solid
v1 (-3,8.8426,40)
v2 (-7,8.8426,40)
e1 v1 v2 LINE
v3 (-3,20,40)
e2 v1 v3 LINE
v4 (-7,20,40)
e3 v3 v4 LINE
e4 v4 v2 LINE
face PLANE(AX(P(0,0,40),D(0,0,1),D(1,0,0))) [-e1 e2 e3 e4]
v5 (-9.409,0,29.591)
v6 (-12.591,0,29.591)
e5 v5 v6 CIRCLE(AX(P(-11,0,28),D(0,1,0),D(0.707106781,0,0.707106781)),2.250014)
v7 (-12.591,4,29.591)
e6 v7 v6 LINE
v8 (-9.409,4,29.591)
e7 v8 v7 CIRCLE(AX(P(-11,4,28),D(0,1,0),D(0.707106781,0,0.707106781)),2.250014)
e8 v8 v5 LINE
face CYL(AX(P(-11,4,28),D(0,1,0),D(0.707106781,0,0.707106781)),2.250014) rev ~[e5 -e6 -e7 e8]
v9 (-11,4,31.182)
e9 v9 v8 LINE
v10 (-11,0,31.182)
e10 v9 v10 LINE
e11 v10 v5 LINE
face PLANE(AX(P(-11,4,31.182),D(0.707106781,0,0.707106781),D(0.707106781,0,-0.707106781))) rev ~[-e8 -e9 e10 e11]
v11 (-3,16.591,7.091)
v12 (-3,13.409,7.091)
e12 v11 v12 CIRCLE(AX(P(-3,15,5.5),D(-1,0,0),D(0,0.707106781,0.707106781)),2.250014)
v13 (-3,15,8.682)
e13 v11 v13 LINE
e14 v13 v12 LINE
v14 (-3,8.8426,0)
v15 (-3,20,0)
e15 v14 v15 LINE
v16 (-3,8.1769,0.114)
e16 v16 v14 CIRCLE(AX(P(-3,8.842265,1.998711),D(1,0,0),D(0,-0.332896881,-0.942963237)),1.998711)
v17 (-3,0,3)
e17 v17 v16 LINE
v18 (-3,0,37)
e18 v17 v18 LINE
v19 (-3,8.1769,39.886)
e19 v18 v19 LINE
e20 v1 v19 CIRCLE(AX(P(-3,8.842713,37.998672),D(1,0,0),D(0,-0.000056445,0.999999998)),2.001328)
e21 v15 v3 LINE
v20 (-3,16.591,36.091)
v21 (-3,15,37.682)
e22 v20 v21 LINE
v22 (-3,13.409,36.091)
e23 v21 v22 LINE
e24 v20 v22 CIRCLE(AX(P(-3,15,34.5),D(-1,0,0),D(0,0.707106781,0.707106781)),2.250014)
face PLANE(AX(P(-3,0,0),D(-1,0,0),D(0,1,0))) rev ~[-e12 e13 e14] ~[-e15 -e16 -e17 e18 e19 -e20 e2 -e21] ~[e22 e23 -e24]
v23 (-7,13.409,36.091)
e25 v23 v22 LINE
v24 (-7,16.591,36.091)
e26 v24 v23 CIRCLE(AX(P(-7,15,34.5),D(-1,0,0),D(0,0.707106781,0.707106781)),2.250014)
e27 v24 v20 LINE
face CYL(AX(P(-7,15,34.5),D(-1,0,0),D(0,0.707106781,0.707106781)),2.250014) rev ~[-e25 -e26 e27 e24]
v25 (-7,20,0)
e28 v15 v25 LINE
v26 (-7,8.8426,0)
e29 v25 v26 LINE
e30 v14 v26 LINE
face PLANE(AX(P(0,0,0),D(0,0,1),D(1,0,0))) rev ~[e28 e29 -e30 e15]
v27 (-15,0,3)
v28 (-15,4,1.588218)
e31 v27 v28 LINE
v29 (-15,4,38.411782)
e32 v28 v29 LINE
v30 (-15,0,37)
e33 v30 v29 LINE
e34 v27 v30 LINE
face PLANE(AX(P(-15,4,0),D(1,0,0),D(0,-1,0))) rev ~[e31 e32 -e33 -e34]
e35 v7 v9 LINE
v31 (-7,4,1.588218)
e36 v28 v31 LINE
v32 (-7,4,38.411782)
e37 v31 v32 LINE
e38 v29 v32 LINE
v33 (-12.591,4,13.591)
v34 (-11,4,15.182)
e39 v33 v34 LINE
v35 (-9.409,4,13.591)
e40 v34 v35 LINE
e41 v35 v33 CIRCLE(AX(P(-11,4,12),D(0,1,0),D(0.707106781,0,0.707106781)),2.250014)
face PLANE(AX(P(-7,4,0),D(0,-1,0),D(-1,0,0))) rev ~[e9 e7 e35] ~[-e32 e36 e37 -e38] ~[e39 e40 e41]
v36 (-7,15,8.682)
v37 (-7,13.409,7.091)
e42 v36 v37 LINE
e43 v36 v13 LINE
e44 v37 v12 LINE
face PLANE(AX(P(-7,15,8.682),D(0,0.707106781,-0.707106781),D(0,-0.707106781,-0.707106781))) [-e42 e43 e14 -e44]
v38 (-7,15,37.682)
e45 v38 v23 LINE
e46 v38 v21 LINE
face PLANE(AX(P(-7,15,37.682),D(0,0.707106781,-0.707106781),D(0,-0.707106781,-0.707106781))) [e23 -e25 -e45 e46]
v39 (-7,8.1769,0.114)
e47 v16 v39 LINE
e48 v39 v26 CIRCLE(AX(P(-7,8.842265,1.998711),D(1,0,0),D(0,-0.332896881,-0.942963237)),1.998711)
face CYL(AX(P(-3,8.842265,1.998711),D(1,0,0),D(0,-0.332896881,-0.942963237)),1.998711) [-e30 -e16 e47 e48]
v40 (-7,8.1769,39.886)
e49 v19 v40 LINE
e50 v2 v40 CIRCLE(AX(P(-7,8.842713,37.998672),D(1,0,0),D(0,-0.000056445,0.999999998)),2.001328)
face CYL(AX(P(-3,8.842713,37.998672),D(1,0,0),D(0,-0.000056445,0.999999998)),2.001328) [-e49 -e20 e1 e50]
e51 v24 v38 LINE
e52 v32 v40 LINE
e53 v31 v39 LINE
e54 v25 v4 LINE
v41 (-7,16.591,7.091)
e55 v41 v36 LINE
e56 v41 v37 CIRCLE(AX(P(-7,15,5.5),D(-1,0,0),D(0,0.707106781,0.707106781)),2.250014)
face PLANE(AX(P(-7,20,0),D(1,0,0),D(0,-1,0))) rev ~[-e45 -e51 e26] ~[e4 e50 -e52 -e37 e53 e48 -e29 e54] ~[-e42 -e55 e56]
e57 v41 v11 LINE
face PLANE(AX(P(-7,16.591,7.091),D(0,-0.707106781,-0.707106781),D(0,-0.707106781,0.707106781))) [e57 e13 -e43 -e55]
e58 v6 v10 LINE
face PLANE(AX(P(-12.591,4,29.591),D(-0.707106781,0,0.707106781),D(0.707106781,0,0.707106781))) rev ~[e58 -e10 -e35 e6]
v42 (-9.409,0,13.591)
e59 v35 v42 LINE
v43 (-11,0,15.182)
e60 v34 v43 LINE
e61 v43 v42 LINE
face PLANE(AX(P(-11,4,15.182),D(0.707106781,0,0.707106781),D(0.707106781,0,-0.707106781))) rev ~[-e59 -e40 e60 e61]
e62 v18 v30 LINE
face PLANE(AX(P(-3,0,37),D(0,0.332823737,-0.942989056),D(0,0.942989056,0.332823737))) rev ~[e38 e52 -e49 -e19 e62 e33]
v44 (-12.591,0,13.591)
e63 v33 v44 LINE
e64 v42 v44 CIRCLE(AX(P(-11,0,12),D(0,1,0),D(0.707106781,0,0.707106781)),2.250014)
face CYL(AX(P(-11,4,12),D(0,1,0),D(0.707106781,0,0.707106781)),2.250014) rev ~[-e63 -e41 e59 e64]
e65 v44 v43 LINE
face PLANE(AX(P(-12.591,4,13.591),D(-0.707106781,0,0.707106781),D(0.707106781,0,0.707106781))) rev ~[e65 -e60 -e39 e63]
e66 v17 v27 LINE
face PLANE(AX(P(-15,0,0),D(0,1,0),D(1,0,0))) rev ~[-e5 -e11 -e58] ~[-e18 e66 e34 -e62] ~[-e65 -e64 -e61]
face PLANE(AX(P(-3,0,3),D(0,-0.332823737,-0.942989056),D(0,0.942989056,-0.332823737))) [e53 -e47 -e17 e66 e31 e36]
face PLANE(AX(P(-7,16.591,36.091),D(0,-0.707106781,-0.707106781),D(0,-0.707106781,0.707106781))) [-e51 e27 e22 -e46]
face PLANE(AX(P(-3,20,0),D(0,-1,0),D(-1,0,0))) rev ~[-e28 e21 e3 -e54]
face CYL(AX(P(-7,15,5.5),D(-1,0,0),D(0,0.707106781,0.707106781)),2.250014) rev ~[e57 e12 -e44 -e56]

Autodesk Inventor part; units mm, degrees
ref_plane "YZ Plane" through (0, 0, 0) normal (1, 0, 0) x (0, 1, 0)
ref_plane "XZ Plane" through (0, 0, 0) normal (0, 1, 0) x (-1, 0, 0)
ref_plane "XY Plane" through (0, 0, 0) normal (0, 0, 1) x (1, 0, 0)
sketch "Sketch1" plane through (0, 0, 0) normal (0, 0, 1) x (1, 0, 0)
  line L0 (-3, 0) -> (-3, 20)
  line L1 (-15, 0) -> (-3, 0)
  line L2 (-15, 4) -> (-15, 0)
  line L3 (-7, 4) -> (-15, 4)
  line L4 (-7, 20) -> (-7, 4)
  line L5 (-3, 20) -> (-7, 20)
extrude "Extrusion4" add sketch "Sketch1" along normal blind 40
sketch "Sketch2" plane through (-15, 4, 0) normal (0, 1, 0) x (1, 0, 0)
  arc A0 (5.591, -13.591) -> (2.409, -13.591) centre (4, -12) ccw
  line L0 (4, -15.182) -> (5.591, -13.591)
  line L1 (2.409, -13.591) -> (4, -15.182)
  line L2 (8, 0) -> (0, 0) projected
  line L3 (0, 0) -> (0, -40) projected
  arc A1 (5.591, -29.591) -> (2.409, -29.591) centre (4, -28) ccw
  line L4 (4, -31.182) -> (5.591, -29.591)
  line L5 (2.409, -29.591) -> (4, -31.182)
  line L6 (8, -40) -> (0, -40) projected
  dimension "d8" = 2.25
  dimension "d9" = 12
  dimension "d10" = 4
  dimension "d11" = 2.25
  dimension "d12" = 2.25
  dimension "d13" = 2.25
  dimension "d14" = 12
  dimension "d15" = 4
extrude "Extrusion3" cut sketch "Sketch2" against normal blind 4
sketch "Sketch3" plane through (-7, 4, 0) normal (-1, 0, 0) x (0, 0, 1)
  arc A0 (7.091, 12.591) -> (7.091, 9.409) centre (5.5, 11) ccw
  line L0 (8.682, 11) -> (7.091, 9.409)
  line L1 (7.091, 12.591) -> (8.682, 11)
extrude "Extrusion2" cut sketch "Sketch3" against normal blind 4 draft 0
sketch "Sketch4" plane through (-7, 4, 0) normal (-1, 0, 0) x (0, 0, 1)
  arc A0 (36.091, 12.591) -> (36.091, 9.409) centre (34.5, 11) ccw
  line L0 (37.682, 11) -> (36.091, 9.409)
  line L1 (36.091, 12.591) -> (37.682, 11)
extrude "Extrusion1" cut sketch "Sketch4" against normal blind 4 draft 0
sketch "Sketch5" plane through (-3, 0, 0) normal (1, 0, 0) x (0, 0, -1)
  arc A0 (-36.091, 13.409) -> (-36.091, 16.591) centre (-34.5, 15) ccw projected
  line L0 (-40, 0) -> (-40, 20) projected
  circle A1 centre (-34.5, 15) radius 6.5 construction
  line L1 (0, 0) -> (-40, 0) projected
  line L2 (-37, 0) -> (-39.886, 8.1769)
  arc A2 (-40, 8.8426) -> (-39.886, 8.1769) centre (-38, 8.8426) ccw
  line L3 (-37, 0) -> (-40, 0)
  line L4 (-40, 0) -> (-40, 8.8426)
  line L5 (-20, 22.0768) -> (-20, -2.8383) construction
  line L6 (-3, 0) -> (-0.114, 8.1769)
  arc A3 (-0.114, 8.1769) -> (0, 8.8426) centre (-2, 8.8426) ccw
  line L7 (-3, 0) -> (0, 0)
  line L8 (0, 0) -> (0, 8.8426)
  point P0 (-40, 8.5)
  dimension "d16" = 13
  dimension "d17" = 3
  dimension "d18" = 6.5
  dimension "d19" = 2
extrude "Extrusion7" cut sketch "Sketch5" against normal through all
properties part number "Y-axis Belt Idler 1" material "ASA Plastic"
